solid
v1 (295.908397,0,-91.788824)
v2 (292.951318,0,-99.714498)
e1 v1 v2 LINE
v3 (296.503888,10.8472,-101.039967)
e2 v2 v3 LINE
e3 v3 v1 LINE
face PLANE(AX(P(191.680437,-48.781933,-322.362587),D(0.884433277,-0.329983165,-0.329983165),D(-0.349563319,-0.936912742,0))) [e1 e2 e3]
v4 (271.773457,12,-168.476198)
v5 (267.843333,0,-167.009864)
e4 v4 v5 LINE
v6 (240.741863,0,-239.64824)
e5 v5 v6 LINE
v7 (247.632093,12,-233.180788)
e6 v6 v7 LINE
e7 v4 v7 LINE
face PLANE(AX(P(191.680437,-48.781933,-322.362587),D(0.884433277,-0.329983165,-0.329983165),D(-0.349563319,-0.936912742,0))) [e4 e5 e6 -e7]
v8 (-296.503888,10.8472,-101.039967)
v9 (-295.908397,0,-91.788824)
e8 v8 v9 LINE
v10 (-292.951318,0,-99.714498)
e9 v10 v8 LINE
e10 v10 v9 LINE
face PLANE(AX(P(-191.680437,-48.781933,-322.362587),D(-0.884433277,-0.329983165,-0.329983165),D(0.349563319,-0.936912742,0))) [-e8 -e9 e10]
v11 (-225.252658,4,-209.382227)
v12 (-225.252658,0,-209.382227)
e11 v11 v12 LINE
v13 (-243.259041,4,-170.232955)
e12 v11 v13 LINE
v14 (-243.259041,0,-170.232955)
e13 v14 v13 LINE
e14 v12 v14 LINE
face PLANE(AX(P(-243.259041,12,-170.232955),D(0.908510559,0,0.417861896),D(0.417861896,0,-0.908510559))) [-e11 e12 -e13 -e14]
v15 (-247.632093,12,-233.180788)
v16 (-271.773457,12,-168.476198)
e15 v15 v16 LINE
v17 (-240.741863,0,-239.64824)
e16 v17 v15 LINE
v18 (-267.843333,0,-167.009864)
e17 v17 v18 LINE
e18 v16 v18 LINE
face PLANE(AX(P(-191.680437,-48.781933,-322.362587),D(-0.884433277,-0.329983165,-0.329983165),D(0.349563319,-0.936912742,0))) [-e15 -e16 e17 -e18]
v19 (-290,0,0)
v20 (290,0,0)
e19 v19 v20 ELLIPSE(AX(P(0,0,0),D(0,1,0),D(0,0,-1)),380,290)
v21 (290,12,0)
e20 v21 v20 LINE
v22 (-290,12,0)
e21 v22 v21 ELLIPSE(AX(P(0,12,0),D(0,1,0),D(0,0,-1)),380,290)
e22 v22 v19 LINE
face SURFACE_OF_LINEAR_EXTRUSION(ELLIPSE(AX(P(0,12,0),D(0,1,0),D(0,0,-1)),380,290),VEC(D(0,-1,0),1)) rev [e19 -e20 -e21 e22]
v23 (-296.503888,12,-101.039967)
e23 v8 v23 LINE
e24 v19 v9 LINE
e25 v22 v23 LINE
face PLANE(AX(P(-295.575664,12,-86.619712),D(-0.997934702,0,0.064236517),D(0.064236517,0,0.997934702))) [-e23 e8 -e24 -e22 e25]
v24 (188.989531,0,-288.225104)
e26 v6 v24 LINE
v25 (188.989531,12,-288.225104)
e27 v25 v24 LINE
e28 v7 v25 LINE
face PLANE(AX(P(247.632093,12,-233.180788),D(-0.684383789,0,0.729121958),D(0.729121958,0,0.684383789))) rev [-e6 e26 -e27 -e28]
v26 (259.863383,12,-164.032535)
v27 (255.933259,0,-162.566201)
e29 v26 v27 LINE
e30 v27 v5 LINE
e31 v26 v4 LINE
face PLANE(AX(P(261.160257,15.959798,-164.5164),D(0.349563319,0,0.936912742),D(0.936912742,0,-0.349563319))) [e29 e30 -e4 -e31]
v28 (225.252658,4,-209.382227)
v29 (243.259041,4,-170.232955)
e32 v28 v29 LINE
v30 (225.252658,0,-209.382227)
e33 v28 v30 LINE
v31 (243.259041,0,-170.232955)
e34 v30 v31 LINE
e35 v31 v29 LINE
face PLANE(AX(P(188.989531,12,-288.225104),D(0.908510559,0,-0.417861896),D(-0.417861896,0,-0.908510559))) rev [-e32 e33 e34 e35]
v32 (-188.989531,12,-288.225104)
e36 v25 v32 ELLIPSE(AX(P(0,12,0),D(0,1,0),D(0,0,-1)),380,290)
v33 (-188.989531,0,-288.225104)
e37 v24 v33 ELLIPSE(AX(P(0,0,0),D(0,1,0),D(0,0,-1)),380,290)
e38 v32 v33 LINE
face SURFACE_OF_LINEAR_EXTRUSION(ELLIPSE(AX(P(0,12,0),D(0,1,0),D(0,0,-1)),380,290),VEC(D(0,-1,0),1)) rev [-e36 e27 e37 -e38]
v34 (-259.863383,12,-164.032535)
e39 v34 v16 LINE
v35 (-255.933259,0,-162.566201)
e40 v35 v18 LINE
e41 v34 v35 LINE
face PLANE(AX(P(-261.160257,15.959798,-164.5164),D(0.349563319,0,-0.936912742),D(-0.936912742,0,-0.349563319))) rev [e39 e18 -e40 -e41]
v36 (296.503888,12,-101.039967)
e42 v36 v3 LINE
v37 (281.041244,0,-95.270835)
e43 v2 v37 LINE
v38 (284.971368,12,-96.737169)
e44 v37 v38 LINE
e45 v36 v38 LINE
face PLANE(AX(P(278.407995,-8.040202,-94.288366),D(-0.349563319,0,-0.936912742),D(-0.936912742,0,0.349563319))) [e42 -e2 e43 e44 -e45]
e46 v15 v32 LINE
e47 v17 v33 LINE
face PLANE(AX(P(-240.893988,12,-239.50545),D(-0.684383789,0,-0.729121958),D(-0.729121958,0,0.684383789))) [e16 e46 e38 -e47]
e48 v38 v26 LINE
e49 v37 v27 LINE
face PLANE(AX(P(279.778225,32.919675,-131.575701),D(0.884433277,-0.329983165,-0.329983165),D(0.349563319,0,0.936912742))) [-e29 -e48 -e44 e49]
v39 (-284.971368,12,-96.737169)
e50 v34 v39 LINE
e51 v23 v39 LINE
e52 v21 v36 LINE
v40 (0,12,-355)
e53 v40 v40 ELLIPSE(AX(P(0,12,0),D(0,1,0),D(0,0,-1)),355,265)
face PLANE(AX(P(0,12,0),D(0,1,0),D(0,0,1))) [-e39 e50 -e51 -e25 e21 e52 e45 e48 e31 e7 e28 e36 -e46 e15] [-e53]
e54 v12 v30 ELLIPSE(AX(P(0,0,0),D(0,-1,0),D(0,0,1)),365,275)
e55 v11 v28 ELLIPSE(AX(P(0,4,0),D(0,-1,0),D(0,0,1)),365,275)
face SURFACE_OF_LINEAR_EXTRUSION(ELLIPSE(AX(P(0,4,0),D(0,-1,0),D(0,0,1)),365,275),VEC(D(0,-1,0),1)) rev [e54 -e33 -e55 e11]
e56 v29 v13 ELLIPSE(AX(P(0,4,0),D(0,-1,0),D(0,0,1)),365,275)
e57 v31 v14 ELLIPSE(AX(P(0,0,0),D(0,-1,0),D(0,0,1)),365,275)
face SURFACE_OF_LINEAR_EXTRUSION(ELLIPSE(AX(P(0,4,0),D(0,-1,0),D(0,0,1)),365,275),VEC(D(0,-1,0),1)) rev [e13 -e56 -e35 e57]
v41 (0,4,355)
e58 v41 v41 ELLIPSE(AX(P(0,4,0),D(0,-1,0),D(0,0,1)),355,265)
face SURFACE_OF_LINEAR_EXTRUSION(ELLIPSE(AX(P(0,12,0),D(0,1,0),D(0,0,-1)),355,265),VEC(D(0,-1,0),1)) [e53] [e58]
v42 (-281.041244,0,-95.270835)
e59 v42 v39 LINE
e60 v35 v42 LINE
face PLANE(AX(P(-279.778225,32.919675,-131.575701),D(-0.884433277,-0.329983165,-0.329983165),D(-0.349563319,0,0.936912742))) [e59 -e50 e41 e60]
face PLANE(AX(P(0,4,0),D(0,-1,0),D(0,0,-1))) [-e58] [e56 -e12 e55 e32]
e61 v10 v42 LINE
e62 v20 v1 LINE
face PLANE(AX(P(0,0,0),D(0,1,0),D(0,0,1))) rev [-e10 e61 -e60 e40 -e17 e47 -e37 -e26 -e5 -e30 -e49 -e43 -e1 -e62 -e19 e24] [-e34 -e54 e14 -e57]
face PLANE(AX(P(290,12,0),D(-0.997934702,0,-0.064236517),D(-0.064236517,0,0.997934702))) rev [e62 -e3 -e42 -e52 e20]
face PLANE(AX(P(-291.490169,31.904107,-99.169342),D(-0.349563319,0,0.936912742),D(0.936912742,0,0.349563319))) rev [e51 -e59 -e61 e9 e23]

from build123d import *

# Parameters (mm, degrees)
SKETCH1_RX          = 380
SKETCH1_RY          = 290
SKETCH1_RX_2        = 355
SKETCH1_RY_2        = 265
BOSS_EXTRUDE1_DEPTH = 12
SKETCH2_RX          = 365
SKETCH2_RY          = 275
SKETCH2_RX_2        = 355
SKETCH2_RY_2        = 265
CUT_EXTRUDE1_DEPTH  = 4
BOSS_EXTRUDE2_DEPTH = 12
SKETCH5_W           = 309.529934858
SKETCH5_H           = 171.672064711
CUT_EXTRUDE2_DEPTH  = 735.328268392
CUT_EXTRUDE3_DEPTH  = 12


with BuildPart() as part:
    # Sketch1 → Boss-Extrude1 (new body)
    with BuildSketch(Plane(origin=(0, 0, 0), x_dir=(1, 0, 0), z_dir=(0, 1, 0))):
        with Locations(Location((0, 0), (0, 0, 90))):
            Ellipse(SKETCH1_RX, SKETCH1_RY)
        with Locations(Location((0, 0), (0, 0, 90))):
            Ellipse(SKETCH1_RX_2, SKETCH1_RY_2, mode=Mode.SUBTRACT)
    extrude(amount=BOSS_EXTRUDE1_DEPTH)

    # Sketch2 → Cut-Extrude1 (cut)
    with BuildSketch(Plane.XZ):
        with Locations(Location((0, 0), (0, 0, 90))):
            Ellipse(SKETCH2_RX, SKETCH2_RY)
        with Locations(Location((0, 0), (0, 0, 90))):
            Ellipse(SKETCH2_RX_2, SKETCH2_RY_2, mode=Mode.SUBTRACT)
    extrude(amount=-CUT_EXTRUDE1_DEPTH, mode=Mode.SUBTRACT)

    # Sketch4 → Boss-Extrude2 (add)
    with BuildSketch(Plane.XZ):
        Polygon((-290, 0), (-295.575664035, -86.619712155), (-301.740501189, -182.392415904), (-247.632092978, -233.180788145), (-240.893988337, -239.505449654), (-188.989530622, -288.225103524), (-243.259040828, -170.232954756), (-265.307990562, -122.294380272), align=None)
    boss_extrude2 = extrude(amount=-BOSS_EXTRUDE2_DEPTH)

    # Sketch5 → Cut-Extrude2 (cut, through all)
    with BuildSketch(Plane(origin=(-258.254517009, -96.35508405, -96.35508405), x_dir=(-0.3091654315444503, -0.11535001008591941, 0.9439868172337536), z_dir=(-0.8844332774281072, -0.32998316455372234, -0.32998316455372073))):
        with Locations((-84.653103238, 107.13606779)):
            Rectangle(SKETCH5_W, SKETCH5_H)
    cut_extrude2 = extrude(amount=CUT_EXTRUDE2_DEPTH, mode=Mode.SUBTRACT)

    # Sketch6 → Cut-Extrude3 (cut)
    with BuildSketch(Plane(origin=(-258.254517009, -96.35508405, -96.35508405), x_dir=(-0.30916543154444925, -0.11535001008591984, 0.9439868172337539), z_dir=(-0.8844332774281067, -0.3299831645537244, -0.3299831645537199))):
        with BuildLine():
            Line((-30.865090601, 131.785635233), (-7.176006525, 131.785635233))
            Line((-7.176006525, 131.785635233), (-4.584710226, 110.738229001))
            Line((-4.584710226, 110.738229001), (-2.005409483, 89.788254836))
            Line((-2.005409483, 89.788254836), (-73.29386872, 81.011424164))
            Line((-73.29386872, 81.011424164), (-76.400552283, 106.2449843))
            Line((-76.400552283, 106.2449843), (-144.944507271, 97.806049122))
            add(Edge.make_bspline(
                [(-537.868612965, -60.223865358), (-492.157096842, -6.578435532), (-422.520855321, 81.045468469), (-274.386448657, 128.55879657), (-187.039723393, 138.660281321), (-144.944507271, 97.806049122)],
                knots=[0, 0, 0, 0, 0.468078311, 0.64359283, 0.981724341, 0.981724341, 0.981724341, 0.981724341], degree=3))
            Line((-537.868612965, -60.223865358), (-636.026891233, -171.208244591))
            Line((-636.026891233, -171.208244591), (-643.517533775, -164.583271058))
            Line((-643.517533775, -164.583271058), (-635.491845337, -155.508885638))
            Line((-635.491845337, -155.508885638), (-642.982487879, -148.883912105))
            Line((-642.982487879, -148.883912105), (-651.008176316, -157.958297525))
            Line((-651.008176316, -157.958297525), (-658.498818858, -151.333323992))
            Line((-658.498818858, -151.333323992), (-650.473130421, -142.258938572))
            Line((-650.473130421, -142.258938572), (-657.963772962, -135.633965039))
            Line((-657.963772962, -135.633965039), (-427.114007888, 125.380371448))
            Line((-427.114007888, 125.380371448), (-418.125236838, 117.430403208))
            Line((-418.125236838, 117.430403208), (-401.767798679, 135.925227607))
            add(Edge.make_bspline(
                [(-289.768696146, 168.495546224), (-325.11063488, 151.482260648), (-362.499532822, 139.204958191), (-401.767798679, 135.925227607)],
                knots=[0, 0, 0, 0, 0.423035684, 0.423035684, 0.423035684, 0.423035684], degree=3))
            add(Edge.make_bspline(
                [(-283.026620179, 171.833838116), (-285.270101084, 170.706212791), (-287.518074448, 169.593894352), (-289.768696146, 168.495546224)],
                knots=[0.946107155, 0.946107155, 0.946107155, 0.946107155, 1, 1, 1, 1], degree=3))
            add(Edge.make_bspline(
                [(-220.87164928, 228.025535118), (-245.021206388, 192.954919504), (-283.026620179, 171.833838116)],
                knots=[0, 0, 0, 1, 1, 1], degree=2))
            Line((-220.87164928, 228.025535118), (-173.670200877, 233.306306737))
            add(Edge.make_bspline(
                [(-54.469215847, 127.311075643), (-131.48926087, 121.012429268), (-173.670200877, 233.306306737)],
                knots=[0, 0, 0, 1, 1, 1], degree=2))
            add(Edge.make_bspline(
                [(-30.865090601, 131.785635233), (-37.780770855, 129.025742334), (-45.684682956, 127.408675758), (-54.469215847, 127.311075643)],
                knots=[0.075372824, 0.075372824, 0.075372824, 0.075372824, 0.22551618, 0.22551618, 0.22551618, 0.22551618], degree=3, weights=[1, 0.918163719, 0.848614613, 0.79135268]))
        make_face()
    cut_extrude3 = extrude(amount=-CUT_EXTRUDE3_DEPTH, mode=Mode.SUBTRACT)

    # Mirror1: Boss-Extrude2, Cut-Extrude2, Cut-Extrude3 across plane
    add(boss_extrude2.mirror(Plane(origin=(0, 0, 0), x_dir=(0, 0, 1), z_dir=(1, 0, 0))))
    add(cut_extrude2.mirror(Plane(origin=(0, 0, 0), x_dir=(0, 0, 1), z_dir=(1, 0, 0))), mode=Mode.SUBTRACT)
    add(cut_extrude3.mirror(Plane(origin=(0, 0, 0), x_dir=(0, 0, 1), z_dir=(1, 0, 0))), mode=Mode.SUBTRACT)


solid = part.part
